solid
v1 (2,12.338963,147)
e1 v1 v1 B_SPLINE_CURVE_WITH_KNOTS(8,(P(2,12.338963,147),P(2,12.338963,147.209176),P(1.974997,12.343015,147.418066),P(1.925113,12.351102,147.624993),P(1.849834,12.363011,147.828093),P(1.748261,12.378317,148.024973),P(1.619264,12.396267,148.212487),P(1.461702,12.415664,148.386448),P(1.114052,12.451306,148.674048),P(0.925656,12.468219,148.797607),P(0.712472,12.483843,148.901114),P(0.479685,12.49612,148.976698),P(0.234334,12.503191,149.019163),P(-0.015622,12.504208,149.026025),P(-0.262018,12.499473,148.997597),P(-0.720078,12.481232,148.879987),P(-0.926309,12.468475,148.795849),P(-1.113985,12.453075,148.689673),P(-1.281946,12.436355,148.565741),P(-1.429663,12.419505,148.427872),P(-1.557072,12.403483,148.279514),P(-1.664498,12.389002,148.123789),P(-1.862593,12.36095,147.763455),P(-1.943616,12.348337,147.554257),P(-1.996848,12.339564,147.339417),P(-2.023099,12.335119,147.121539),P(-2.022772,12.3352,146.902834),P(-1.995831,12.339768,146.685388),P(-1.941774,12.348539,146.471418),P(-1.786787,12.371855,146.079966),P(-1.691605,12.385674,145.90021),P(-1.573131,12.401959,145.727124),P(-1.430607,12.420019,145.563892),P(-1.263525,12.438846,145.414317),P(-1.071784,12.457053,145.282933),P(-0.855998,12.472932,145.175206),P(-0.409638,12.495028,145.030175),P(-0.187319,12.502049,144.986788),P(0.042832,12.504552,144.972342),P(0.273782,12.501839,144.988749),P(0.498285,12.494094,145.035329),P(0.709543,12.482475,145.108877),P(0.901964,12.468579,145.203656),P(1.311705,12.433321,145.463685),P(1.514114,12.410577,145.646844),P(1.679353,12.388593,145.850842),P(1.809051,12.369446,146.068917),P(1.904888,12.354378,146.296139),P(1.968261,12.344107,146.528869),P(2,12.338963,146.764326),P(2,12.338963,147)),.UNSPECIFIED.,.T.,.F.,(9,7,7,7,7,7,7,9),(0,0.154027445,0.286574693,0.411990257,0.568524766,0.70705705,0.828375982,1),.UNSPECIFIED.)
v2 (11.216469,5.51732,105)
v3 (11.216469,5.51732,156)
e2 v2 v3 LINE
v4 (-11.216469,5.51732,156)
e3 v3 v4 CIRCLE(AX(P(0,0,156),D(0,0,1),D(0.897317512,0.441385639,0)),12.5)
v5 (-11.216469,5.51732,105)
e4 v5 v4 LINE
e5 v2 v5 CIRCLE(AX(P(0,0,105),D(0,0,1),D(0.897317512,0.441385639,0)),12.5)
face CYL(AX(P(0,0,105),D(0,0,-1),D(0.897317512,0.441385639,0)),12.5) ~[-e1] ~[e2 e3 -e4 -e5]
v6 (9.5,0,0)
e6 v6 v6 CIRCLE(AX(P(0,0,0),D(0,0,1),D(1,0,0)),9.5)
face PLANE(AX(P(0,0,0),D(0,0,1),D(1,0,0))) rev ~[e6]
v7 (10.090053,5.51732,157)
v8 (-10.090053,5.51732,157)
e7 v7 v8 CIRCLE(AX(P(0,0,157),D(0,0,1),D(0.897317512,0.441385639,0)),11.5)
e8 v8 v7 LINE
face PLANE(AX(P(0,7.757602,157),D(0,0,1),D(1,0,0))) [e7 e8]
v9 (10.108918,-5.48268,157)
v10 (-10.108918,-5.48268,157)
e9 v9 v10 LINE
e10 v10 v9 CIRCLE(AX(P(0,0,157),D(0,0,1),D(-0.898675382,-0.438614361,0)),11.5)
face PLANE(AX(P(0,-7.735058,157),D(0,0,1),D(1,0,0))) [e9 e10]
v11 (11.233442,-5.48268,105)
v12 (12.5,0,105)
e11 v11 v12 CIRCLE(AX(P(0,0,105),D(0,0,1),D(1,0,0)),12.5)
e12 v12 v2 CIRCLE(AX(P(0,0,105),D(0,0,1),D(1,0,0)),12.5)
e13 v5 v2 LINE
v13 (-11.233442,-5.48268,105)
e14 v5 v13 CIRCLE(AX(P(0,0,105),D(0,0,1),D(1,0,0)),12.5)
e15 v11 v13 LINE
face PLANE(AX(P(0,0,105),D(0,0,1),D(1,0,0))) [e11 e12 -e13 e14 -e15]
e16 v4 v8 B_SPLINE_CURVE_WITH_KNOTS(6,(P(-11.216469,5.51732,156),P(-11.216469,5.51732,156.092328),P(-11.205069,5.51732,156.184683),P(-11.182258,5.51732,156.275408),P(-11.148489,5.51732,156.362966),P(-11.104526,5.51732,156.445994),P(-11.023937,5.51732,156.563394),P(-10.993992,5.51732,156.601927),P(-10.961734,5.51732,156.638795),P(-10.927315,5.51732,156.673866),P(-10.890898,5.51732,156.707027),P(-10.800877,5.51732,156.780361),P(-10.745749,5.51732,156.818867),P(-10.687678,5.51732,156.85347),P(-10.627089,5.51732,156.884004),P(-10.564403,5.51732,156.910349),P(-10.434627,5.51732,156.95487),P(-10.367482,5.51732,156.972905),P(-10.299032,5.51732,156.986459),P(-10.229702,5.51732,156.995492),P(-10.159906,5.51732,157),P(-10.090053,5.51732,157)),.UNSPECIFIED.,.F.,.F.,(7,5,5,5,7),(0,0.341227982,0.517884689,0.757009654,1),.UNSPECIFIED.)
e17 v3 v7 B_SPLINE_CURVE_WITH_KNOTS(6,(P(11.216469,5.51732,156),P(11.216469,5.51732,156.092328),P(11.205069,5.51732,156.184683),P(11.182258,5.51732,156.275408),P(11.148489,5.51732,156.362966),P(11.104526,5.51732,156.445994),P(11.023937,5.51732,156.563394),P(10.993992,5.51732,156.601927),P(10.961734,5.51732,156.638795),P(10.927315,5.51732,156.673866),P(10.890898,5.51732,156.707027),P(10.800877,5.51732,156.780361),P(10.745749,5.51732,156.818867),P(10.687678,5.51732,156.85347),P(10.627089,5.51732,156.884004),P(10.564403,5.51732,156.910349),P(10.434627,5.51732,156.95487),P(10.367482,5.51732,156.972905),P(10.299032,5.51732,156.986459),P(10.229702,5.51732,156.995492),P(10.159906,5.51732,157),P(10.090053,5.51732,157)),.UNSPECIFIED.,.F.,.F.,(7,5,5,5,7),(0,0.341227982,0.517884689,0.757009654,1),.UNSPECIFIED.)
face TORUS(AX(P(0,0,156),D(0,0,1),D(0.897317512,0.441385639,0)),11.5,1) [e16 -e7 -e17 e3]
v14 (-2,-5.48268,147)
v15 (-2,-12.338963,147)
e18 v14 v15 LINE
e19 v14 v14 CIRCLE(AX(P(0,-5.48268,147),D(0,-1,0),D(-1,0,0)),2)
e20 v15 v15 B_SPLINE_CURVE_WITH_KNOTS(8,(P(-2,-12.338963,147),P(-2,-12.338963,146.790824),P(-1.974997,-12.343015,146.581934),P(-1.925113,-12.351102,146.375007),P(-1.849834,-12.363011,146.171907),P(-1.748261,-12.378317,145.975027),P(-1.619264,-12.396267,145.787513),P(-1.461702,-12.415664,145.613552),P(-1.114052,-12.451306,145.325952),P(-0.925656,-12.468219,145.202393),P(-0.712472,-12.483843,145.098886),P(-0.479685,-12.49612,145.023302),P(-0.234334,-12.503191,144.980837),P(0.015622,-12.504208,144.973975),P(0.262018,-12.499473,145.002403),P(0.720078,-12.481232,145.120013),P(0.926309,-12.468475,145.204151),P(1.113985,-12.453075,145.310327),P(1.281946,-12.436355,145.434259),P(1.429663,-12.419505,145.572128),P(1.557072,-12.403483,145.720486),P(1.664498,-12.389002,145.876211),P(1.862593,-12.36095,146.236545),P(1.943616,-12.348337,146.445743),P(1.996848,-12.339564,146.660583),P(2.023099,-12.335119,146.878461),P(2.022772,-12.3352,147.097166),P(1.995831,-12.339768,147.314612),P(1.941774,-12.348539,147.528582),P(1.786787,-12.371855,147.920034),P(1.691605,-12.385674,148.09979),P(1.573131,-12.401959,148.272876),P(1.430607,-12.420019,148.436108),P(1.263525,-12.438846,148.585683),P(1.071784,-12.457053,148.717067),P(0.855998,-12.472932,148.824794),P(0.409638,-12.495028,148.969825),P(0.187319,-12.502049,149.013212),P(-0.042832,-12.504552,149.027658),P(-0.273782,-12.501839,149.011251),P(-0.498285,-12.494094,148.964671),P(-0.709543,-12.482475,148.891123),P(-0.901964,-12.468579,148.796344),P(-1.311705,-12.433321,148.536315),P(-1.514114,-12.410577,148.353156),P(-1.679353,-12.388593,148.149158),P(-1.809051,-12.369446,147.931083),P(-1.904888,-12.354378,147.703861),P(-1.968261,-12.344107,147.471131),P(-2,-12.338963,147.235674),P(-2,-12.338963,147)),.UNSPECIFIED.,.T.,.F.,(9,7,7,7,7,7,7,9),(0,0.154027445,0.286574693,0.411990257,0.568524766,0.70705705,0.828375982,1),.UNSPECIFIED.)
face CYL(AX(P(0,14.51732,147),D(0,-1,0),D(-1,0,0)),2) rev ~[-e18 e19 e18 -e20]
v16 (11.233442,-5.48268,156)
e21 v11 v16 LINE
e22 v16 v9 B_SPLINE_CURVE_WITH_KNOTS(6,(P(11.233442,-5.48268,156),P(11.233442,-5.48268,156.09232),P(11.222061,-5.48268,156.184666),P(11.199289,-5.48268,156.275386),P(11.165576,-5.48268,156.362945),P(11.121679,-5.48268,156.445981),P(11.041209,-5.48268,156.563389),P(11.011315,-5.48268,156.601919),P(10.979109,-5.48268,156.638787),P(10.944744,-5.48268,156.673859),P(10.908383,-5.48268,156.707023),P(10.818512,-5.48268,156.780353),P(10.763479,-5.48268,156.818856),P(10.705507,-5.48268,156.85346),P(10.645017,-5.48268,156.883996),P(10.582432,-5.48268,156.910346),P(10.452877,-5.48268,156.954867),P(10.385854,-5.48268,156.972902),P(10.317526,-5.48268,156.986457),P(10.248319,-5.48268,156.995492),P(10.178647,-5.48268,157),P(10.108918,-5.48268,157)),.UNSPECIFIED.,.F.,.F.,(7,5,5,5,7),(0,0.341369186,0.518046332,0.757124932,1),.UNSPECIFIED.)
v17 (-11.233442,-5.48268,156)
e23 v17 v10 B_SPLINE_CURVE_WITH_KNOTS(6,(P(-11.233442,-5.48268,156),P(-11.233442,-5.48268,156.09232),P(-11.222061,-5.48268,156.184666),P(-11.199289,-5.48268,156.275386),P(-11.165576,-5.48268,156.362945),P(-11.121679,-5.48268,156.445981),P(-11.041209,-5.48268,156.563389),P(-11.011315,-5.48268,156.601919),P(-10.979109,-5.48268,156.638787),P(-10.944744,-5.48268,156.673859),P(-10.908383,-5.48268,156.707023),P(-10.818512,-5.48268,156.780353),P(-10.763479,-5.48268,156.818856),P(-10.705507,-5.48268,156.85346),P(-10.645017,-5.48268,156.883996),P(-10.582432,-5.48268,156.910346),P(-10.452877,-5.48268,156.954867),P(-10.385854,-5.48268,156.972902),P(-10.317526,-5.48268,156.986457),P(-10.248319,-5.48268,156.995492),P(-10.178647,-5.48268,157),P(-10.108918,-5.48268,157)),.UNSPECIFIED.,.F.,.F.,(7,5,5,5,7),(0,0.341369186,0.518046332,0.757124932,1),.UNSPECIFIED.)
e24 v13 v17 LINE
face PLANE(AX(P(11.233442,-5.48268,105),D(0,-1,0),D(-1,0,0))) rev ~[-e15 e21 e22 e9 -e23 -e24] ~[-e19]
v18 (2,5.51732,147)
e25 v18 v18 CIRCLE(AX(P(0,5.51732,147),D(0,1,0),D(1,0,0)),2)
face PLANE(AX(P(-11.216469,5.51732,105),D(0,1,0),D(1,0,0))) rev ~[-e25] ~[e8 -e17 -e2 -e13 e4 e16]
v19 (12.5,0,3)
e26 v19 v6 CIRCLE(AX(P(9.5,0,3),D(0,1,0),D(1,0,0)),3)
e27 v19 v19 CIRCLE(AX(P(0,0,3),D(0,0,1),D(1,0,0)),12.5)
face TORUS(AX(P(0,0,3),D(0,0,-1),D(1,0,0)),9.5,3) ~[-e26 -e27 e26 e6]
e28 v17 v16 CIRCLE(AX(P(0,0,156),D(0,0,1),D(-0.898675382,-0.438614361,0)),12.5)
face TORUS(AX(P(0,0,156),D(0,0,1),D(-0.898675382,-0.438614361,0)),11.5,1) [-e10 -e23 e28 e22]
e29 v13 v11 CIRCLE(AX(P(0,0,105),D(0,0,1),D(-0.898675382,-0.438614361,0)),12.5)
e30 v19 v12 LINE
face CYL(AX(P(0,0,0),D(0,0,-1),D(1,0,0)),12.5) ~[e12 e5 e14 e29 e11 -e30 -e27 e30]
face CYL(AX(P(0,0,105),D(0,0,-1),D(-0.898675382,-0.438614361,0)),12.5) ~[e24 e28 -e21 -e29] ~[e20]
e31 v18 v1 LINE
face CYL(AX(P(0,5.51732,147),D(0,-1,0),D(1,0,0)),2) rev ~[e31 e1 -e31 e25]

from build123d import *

# Parameters (mm, degrees)
F0_R     = 12.5
F1_DEPTH = 105
F3_DEPTH = 52
F4_R     = 3
F6_D     = 4
F6_DEPTH = 20
F6_TIP   = 1.2017212381
F7_D     = 4
F7_DEPTH = 20
F7_START = 11
F7_TIP   = 1.2017212381
F8_R     = 1


with BuildPart() as f1:
    # F0 (on Top) → F1 (new body)
    with BuildSketch(Plane.XY):
        Circle(F0_R)
    extrude(amount=F1_DEPTH)

    # F2 (on face) → F3 (join)
    with BuildSketch(Plane.XY.offset(105)):
        with BuildLine():
            Line((11.2334422785, -5.4826795069), (-11.2334422785, -5.4826795069))
            ThreePointArc((-11.2334422785, -5.4826795069), (0, -12.5), (11.2334422785, -5.4826795069))
        make_face()
        with BuildLine():
            ThreePointArc((11.2164688996, 5.5173204931), (0, 12.5), (-11.2164688996, 5.5173204931))
            Line((-11.2164688996, 5.5173204931), (11.2164688996, 5.5173204931))
        make_face()
    extrude(amount=F3_DEPTH)

    # F4
    f4_edges = [f1.edges().sort_by_distance(p)[0] for p in [
        (-12.5, 0, 0),
    ]]
    fillet(f4_edges, radius=F4_R)

    # F6 (one way)
    with BuildSketch(Plane.XZ.offset(-5.5173204931)):
        with Locations((0, 147)):
            Circle(F6_D / 2)
    extrude(amount=-F6_DEPTH, mode=Mode.SUBTRACT)
    with Locations(Plane.XZ.offset(-5.5173204931)):
        with Locations((0, 147)):
            with Locations((0, 0, -(F6_DEPTH + F6_TIP / 2))):  # 118° drill point
                Cone(0, F6_D / 2, F6_TIP, mode=Mode.SUBTRACT)

    # F7
    # its depths count from where the whole tool has entered the part; down to there all is cleared
    with Locations(Plane(origin=(0, 5.5173204931, 0), x_dir=(1, 0, 0), z_dir=(0, 1, 0)).offset(-F7_START)):
        with Locations((0, -147)):
            Hole(F7_D / 2, depth=F7_DEPTH)
            with Locations((0, 0, -(F7_DEPTH + F7_TIP / 2))):  # 118° drill point
                Cone(0, F7_D / 2, F7_TIP, mode=Mode.SUBTRACT)

    # F8
    f8_edges = [f1.edges().sort_by_distance(p)[0] for p in [
        (0, 12.5, 157),
        (0, -12.5, 157),
    ]]
    fillet(f8_edges, radius=F8_R)


solid = f1.part
